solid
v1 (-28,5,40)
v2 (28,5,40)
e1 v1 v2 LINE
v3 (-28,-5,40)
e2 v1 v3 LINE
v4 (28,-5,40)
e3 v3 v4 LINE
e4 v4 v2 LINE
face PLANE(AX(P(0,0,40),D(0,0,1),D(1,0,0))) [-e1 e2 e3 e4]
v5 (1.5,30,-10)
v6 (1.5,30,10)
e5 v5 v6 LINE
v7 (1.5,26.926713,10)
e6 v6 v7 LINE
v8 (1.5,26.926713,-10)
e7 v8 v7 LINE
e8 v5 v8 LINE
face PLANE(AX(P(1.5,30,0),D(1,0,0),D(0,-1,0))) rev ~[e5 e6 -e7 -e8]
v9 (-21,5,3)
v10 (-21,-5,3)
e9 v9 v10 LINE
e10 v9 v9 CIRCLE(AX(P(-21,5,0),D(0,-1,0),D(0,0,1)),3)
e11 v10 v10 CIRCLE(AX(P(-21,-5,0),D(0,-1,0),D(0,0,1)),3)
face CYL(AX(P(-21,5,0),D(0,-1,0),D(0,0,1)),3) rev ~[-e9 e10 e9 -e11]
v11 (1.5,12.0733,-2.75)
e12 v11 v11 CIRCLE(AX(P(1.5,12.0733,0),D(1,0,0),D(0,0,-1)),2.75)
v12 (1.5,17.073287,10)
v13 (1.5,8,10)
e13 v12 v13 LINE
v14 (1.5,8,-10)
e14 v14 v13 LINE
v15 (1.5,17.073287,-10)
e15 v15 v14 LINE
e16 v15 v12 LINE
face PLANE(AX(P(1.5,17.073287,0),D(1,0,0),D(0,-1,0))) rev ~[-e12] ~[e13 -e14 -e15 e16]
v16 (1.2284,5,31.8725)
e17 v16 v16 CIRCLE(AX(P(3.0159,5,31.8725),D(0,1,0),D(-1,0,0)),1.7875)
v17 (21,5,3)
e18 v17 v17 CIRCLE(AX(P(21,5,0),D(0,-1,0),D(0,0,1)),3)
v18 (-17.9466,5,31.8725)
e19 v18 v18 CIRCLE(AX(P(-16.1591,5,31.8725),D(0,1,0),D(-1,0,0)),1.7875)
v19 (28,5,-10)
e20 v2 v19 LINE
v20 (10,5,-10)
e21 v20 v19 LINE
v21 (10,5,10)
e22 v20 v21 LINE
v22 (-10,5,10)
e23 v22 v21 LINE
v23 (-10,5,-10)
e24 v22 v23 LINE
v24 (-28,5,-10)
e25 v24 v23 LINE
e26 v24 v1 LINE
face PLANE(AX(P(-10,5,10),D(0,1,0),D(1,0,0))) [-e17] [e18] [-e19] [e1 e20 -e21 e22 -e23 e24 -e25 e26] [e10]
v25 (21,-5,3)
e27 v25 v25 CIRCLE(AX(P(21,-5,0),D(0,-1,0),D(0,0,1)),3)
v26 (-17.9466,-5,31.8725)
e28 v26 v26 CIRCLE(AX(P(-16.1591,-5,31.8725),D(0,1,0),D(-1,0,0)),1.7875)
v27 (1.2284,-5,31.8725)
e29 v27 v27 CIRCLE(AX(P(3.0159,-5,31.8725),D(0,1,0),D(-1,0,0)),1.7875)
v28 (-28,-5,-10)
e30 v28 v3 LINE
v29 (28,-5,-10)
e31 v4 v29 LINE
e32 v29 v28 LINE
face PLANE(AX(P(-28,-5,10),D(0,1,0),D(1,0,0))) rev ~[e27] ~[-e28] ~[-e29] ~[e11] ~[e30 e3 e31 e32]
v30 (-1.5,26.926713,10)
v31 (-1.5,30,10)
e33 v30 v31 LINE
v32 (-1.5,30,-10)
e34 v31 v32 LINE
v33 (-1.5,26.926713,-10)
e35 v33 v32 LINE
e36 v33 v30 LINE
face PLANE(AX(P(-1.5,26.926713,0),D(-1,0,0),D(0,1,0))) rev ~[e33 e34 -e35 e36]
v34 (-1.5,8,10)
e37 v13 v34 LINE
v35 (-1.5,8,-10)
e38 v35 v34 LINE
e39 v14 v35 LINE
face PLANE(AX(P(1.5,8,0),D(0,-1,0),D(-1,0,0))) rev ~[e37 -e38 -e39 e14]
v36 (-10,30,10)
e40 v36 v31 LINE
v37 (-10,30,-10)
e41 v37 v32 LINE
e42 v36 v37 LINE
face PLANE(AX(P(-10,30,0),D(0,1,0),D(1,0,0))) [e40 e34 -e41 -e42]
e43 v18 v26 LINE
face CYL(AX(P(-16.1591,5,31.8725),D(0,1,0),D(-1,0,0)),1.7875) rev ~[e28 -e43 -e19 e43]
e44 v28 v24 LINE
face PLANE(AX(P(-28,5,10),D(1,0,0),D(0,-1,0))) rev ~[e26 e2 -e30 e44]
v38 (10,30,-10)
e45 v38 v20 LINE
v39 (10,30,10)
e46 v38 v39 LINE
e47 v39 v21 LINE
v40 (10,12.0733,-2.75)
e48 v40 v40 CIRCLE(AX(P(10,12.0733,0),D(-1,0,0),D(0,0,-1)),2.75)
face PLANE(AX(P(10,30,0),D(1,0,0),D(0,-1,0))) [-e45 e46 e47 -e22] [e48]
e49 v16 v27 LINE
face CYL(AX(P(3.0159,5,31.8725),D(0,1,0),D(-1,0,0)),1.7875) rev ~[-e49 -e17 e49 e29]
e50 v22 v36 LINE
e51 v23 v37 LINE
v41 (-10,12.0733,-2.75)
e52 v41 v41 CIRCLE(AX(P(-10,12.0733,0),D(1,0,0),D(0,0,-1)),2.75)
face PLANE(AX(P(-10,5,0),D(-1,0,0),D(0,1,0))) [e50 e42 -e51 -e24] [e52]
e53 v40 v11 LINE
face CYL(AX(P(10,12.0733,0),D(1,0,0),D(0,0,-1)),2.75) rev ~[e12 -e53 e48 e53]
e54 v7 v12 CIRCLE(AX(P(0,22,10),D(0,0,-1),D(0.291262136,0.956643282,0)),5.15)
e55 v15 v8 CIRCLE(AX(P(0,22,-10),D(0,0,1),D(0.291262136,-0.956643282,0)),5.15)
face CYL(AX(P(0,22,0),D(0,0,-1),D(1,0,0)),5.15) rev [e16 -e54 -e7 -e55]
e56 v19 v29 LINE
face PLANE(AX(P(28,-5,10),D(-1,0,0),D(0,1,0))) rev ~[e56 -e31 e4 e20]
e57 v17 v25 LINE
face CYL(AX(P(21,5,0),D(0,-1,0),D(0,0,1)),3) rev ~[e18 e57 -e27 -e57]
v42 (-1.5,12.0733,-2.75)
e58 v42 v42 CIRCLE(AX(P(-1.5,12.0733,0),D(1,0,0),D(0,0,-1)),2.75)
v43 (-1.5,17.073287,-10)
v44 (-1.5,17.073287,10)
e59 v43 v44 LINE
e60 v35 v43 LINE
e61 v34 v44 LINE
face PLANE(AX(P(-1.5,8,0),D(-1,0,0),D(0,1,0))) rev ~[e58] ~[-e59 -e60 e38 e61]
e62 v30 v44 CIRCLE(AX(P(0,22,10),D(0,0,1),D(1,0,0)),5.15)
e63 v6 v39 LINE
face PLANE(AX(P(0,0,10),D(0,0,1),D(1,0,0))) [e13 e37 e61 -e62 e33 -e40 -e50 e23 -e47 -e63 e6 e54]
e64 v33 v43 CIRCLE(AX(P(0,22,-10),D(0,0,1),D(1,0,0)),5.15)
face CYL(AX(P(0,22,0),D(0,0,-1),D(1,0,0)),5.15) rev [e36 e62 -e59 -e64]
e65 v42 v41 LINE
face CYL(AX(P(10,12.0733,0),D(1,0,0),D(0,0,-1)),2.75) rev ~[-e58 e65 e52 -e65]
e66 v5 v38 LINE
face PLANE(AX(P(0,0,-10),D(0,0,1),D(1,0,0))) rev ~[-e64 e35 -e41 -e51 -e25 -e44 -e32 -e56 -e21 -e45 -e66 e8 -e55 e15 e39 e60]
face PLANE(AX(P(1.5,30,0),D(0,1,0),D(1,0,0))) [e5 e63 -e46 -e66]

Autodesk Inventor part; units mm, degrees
ref_plane "YZ Plane" through (0, 0, 0) normal (1, 0, 0) x (0, 1, 0)
ref_plane "XZ Plane" through (0, 0, 0) normal (0, 1, 0) x (-1, 0, 0)
ref_plane "XY Plane" through (0, 0, 0) normal (0, 0, 1) x (1, 0, 0)
sketch "Sketch1" plane through (0, 0, 0) normal (0, 0, 1) x (1, 0, 0)
  line L0 (-28, 5) -> (28, 5)
  line L1 (28, 5) -> (28, -5)
  line L2 (28, -5) -> (-28, -5)
  line L3 (-28, -5) -> (-28, 5)
  line L4 (-10, 30) -> (10, 30)
  line L5 (10, 30) -> (10, 5)
  line L6 (10, 5) -> (-10, 5)
  line L7 (-10, 5) -> (-10, 30)
  circle A0 centre (0, 22) radius 5.15
  line L8 (-1.5, 30) -> (1.5, 30)
  line L9 (1.5, 30) -> (1.5, 8)
  line L10 (1.5, 8) -> (-1.5, 8)
  line L11 (-1.5, 8) -> (-1.5, 30)
  point P0 (0, 0)
  point P1 (-28, 0)
  point P2 (0, 5)
  point P3 (0, 30)
  point P4 (0, 30)
  point P5 (-1.5, 17.0733)
  point P6 (-1.5, 26.9267)
  point P7 (-1.5, 30)
  point P8 (-10, 5)
  point P9 (10, 5)
  point P10 (1.5, 30)
  point P11 (1.5, 26.9267)
  point P12 (1.5, 17.0733)
  dimension "d0" = 10
  dimension "d1" = 20
  dimension "d2" = 10.3
  dimension "d3" = 17
  dimension "d4" = 8
  dimension "d5" = 3
  dimension "d6" = 14
  dimension "d7" = 18
extrude "Extrusion1" add sketch "Sketch1" along normal mid plane 20 contours L0 L1 L2 L3 | L7 L4 L11 A0 L10 L9 L5 L0
sketch "Sketch2" plane through (10, 5, 10) normal (0, 1, 0) x (1, 0, 0)
  line L0 (0, 20) -> (18, 20) projected
  line L1 (-38, 20) -> (-20, 20) projected
  line L2 (-38, 20) -> (-38, 0) projected
  line L3 (18, 20) -> (18, 0) projected
  point P0 (-10, 10)
  point P1 (-31, 10)
  point P2 (11, 10)
  point P3 (9, 20)
  point P4 (-38, 10)
  point P5 (18, 10)
  dimension "d29" = 7
  dimension "d30" = 7
hole "Hole1" at (-21, 5, 0) at (21, 5, 0) direction (0, -1, 0) diameter 6 end through all
sketch "Sketch4" plane through (0, 0, 10) normal (0, 0, 1) x (1, 0, 0)
  line L0 (-10, 5) -> (-28, 5) projected
  line L1 (-28, 5) -> (-28, -5) projected
  line L2 (-28, -5) -> (28, -5) projected
  line L3 (28, -5) -> (28, 5) projected
  line L4 (28, 5) -> (10, 5) projected
  line L5 (10, 5) -> (10, 30) projected
  line L6 (10, 30) -> (1.5, 30) projected
  line L7 (1.5, 30) -> (1.5, 26.9267) projected
  arc A0 (1.5, 17.0733) -> (1.5, 26.9267) centre (0, 22) ccw projected
  line L8 (1.5, 17.0733) -> (1.5, 8) projected
  line L9 (1.5, 8) -> (-1.5, 8) projected
  line L10 (-1.5, 8) -> (-1.5, 17.0733) projected
  arc A1 (-1.5, 26.9267) -> (-1.5, 17.0733) centre (0, 22) ccw projected
  line L11 (-1.5, 26.9267) -> (-1.5, 30) projected
  line L12 (-1.5, 30) -> (-10, 30) projected
  line L13 (-10, 30) -> (-10, 5) projected
  line L14 (-10, 5) -> (-28, 5) projected
  line L15 (28, 5) -> (10, 5) projected
  line L16 (-10, 5) -> (10, 5)
  point P0 (0, 0)
extrude "Extrusion3" add sketch "Sketch4" along normal blind 30 contours L16 L4 L3 L2 L1 L0
sketch "Sketch3" plane through (10, 5, 10) normal (1, 0, 0) x (0, 0, -1)
  line L0 (20, 25) -> (0, 25) projected
  circle A0 centre (10, 7.0733) radius 2.75
  line L1 (20, 25) -> (0, 25) projected
  line L2 (0, 25) -> (8, 25)
  line L3 (8, 25) -> (8, 0)
  line L4 (8, 0) -> (0, 0)
  line L5 (0, 0) -> (0, 25)
  line L6 (20, 0) -> (0, 0) projected
  line L7 (12, 25) -> (20, 25)
  line L8 (20, 25) -> (20, 0)
  line L9 (20, 0) -> (12, 0)
  line L10 (12, 0) -> (12, 25)
  line L11 (20, 25) -> (20, 0) projected
  line L12 (20, 12.0733) -> (0, 12.0733) projected
  point P0 (10, -5)
  point P1 (10, 25)
  point P2 (12, 0)
  dimension "d18" = 5.5
  dimension "d19" = 8
  dimension "d21" = 8
  dimension "d31" = 5
extrude "Extrusion2" cut sketch "Sketch3" against normal through all contours L10 A0 L3 | A0 L10 | L3 A0
sketch "Sketch5" plane through (-10, 5, 10) normal (0, 1, 0) x (-1, 0, 0)
  circle A0 centre (6.1591, 21.8725) radius 1.7875 projected
  circle A1 centre (-13.0159, 21.8725) radius 1.7875 projected
  point P0 (-10, -10)
extrude "Extrusion4" cut sketch "Sketch5" against normal blind 10
equation "\"d30\" = d29"
equation "\"d21\" = d19"
properties part number "0008-10-052 Suport Axa Y +Senzor"
